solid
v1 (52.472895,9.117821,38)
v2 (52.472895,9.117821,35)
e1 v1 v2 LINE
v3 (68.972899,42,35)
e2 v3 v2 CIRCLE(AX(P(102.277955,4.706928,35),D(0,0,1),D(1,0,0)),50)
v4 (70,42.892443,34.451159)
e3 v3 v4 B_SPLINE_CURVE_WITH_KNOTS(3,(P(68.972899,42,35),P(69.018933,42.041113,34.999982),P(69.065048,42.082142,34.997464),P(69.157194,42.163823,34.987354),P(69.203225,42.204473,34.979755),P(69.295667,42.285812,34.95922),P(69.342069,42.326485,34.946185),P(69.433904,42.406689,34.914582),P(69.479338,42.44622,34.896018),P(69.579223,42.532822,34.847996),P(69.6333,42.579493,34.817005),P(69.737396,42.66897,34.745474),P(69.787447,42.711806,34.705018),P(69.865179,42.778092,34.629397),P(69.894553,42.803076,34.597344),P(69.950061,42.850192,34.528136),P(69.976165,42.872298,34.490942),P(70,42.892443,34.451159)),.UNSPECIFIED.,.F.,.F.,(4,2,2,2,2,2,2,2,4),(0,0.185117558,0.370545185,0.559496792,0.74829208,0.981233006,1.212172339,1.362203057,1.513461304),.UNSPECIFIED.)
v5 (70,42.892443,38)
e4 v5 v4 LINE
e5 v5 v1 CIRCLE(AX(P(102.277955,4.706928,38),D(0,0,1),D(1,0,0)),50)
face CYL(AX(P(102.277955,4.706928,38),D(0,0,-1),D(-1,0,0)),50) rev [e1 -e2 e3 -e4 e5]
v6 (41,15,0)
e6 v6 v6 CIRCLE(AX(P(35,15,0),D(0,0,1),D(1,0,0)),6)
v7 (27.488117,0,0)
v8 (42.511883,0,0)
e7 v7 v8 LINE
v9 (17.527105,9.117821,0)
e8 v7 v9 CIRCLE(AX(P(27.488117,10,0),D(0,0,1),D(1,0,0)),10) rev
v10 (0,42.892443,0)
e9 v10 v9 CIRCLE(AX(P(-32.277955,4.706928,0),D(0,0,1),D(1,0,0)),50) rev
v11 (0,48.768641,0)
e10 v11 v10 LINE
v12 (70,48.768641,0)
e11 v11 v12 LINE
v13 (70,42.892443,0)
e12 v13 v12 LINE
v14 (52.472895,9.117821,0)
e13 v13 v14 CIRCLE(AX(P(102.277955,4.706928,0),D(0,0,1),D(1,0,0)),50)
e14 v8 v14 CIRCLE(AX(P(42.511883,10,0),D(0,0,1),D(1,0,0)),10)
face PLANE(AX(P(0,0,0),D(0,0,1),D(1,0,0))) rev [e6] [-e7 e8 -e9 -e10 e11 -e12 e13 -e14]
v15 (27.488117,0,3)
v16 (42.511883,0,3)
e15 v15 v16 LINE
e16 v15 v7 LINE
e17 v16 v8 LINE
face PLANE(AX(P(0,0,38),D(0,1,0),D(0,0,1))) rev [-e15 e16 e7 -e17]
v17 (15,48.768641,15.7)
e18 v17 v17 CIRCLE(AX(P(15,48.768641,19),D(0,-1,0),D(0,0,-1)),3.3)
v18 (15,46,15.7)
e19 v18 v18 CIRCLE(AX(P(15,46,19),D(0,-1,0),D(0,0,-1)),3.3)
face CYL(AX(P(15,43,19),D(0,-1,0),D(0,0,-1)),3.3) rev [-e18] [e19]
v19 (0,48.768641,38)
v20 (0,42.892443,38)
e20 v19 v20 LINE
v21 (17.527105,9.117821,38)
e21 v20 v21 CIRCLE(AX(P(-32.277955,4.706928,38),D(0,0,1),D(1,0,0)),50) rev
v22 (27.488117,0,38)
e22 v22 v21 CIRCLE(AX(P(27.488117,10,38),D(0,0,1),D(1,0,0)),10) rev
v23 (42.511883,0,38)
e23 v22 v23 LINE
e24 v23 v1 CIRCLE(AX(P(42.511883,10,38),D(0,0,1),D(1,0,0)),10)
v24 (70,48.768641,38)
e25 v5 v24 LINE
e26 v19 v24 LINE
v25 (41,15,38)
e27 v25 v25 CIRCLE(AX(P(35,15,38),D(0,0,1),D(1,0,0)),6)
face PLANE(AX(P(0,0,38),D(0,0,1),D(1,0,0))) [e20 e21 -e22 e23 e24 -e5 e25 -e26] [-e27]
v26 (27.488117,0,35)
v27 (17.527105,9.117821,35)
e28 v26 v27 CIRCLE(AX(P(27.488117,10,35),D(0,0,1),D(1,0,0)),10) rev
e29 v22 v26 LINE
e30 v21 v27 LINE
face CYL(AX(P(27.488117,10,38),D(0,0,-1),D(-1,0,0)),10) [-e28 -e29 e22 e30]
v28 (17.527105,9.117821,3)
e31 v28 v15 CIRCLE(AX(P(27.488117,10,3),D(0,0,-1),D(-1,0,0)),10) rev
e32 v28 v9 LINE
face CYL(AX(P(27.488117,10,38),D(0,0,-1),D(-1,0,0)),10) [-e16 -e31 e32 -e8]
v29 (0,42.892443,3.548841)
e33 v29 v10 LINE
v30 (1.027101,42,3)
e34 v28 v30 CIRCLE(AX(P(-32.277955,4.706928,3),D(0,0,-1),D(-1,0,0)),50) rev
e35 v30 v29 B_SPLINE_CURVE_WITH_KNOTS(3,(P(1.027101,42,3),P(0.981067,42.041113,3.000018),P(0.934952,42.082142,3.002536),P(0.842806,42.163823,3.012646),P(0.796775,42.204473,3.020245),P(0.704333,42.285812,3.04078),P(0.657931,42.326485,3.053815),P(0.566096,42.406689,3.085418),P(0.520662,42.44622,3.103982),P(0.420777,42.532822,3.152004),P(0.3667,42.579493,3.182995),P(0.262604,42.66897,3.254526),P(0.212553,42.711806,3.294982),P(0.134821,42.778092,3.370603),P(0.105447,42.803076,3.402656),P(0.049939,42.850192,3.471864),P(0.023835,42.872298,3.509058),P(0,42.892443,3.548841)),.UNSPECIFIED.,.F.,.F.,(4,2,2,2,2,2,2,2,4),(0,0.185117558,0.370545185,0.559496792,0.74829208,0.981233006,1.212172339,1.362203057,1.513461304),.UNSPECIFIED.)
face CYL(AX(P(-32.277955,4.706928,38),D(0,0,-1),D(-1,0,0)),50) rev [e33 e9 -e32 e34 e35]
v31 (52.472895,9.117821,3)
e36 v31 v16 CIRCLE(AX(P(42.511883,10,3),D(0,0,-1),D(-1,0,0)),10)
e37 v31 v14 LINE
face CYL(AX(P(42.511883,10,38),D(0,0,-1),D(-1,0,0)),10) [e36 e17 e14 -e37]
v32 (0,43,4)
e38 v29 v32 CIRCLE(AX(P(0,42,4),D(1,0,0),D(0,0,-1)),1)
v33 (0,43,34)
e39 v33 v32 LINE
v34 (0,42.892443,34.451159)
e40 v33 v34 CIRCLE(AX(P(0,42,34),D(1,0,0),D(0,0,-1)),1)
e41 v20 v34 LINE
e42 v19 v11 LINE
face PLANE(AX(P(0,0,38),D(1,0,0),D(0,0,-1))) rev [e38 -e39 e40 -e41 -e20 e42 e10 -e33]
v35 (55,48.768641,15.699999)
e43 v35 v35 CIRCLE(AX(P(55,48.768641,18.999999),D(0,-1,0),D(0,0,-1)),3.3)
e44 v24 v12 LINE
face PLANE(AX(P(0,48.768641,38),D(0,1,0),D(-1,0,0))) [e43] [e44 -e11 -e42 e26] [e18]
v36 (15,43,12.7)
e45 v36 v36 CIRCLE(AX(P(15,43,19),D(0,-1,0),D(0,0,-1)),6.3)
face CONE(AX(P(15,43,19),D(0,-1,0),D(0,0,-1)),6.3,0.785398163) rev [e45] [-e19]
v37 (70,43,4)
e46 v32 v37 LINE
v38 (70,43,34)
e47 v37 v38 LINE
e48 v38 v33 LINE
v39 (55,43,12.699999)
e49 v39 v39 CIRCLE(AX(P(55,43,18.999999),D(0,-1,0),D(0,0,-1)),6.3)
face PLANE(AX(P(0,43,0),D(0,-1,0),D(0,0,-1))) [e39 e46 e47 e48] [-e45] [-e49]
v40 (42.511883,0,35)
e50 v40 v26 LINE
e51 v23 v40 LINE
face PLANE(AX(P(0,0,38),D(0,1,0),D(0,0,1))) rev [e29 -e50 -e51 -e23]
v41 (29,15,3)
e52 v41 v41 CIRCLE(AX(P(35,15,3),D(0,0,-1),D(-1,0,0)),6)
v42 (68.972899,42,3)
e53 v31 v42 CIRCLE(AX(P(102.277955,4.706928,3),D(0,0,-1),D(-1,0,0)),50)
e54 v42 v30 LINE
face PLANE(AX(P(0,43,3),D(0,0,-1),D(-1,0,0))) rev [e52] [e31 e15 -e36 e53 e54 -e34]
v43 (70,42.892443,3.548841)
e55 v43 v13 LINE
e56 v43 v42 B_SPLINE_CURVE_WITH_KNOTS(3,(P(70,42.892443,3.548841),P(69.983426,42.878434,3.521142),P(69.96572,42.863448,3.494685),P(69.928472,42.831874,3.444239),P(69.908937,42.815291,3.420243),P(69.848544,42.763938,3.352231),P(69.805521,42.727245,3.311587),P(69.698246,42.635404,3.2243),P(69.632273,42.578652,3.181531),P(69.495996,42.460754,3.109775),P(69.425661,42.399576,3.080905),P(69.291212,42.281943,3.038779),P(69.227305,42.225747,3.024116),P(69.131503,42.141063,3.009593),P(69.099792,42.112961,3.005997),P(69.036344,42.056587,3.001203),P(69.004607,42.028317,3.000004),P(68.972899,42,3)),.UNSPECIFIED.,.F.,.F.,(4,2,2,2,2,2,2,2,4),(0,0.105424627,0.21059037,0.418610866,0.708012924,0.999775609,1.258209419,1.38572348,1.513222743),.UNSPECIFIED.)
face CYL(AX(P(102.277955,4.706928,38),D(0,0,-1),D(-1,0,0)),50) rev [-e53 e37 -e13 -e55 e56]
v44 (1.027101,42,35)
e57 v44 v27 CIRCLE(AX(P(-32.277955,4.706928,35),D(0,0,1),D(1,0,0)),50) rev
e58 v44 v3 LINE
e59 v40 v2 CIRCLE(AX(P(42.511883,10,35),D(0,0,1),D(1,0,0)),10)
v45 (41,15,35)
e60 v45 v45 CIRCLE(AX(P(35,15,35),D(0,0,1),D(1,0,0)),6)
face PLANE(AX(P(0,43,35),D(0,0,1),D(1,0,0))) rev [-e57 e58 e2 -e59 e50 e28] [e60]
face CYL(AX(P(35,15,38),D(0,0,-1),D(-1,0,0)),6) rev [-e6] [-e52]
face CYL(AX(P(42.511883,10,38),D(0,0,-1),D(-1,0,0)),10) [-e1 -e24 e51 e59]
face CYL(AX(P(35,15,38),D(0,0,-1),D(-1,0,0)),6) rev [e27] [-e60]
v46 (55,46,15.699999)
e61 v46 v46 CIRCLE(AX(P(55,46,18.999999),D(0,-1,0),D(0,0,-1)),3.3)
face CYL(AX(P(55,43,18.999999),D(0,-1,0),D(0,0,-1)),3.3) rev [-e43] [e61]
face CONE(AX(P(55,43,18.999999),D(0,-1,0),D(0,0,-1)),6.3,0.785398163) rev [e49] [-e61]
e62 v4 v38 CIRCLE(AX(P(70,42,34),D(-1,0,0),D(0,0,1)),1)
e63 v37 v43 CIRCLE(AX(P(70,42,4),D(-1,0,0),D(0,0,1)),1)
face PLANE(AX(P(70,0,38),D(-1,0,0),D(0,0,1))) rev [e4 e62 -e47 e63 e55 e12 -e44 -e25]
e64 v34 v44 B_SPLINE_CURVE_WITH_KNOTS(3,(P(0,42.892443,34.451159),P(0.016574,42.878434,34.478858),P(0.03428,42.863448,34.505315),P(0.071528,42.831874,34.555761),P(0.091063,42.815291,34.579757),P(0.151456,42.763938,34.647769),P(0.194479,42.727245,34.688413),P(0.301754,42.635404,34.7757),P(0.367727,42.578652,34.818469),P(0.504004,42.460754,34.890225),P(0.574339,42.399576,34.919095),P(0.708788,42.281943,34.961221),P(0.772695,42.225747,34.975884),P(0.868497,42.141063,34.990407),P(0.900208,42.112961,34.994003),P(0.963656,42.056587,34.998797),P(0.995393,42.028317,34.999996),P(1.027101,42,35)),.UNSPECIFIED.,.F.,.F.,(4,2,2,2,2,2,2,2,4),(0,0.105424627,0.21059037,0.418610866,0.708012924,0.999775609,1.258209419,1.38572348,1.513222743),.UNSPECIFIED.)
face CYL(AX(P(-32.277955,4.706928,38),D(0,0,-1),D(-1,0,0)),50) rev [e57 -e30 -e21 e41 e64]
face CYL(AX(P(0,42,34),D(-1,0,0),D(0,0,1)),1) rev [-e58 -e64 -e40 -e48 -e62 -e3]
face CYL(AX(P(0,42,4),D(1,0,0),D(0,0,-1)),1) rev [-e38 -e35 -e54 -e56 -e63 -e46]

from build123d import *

# Parameters (mm, degrees)
SZKIC1_R                                 = 6
DODANIE_WYCI_GNI_CIE1_DEPTH              = 38
SZKIC2_W                                 = 70
SZKIC2_H                                 = 32
WYTNIJ_WYCI_GNI_CIE1_DEPTH               = 43
ZAOKR_GLENIE1_R                          = 1
POG_BIENIE_STO_KOWE_POD_M6_RUB_Z_2_COUNT = 2
POG_BIENIE_STO_KOWE_POD_M6_RUB_Z_2_PITCH = 40


with BuildPart() as part:
    # Szkic1 → Dodanie-wyciągnięcie1 (new body)
    with BuildSketch(Plane.XY):
        with BuildLine():
            Line((0, 48.768640881), (0, 42.89244343))
            ThreePointArc((0, 42.89244343), (12.102069866, 27.737632724), (17.527104902, 9.1178213))
            ThreePointArc((17.527104902, 9.1178213), (20.736146372, 2.623625993), (27.488116936, 0))
            Line((27.488116936, 0), (42.511883064, 0))
            ThreePointArc((42.511883064, 0), (49.263853628, 2.623625993), (52.472895098, 9.1178213))
            ThreePointArc((52.472895098, 9.1178213), (57.897930134, 27.737632724), (70, 42.89244343))
            Line((70, 42.89244343), (70, 48.768640881))
            Line((70, 48.768640881), (0, 48.768640881))
        make_face()
        with Locations((35, 15)):
            Circle(SZKIC1_R, mode=Mode.SUBTRACT)
    extrude(amount=DODANIE_WYCI_GNI_CIE1_DEPTH)

    # Szkic2 → Wytnij-wyciągnięcie1 (cut)
    with BuildSketch(Plane.XZ):
        with Locations((35, 19)):
            Rectangle(SZKIC2_W, SZKIC2_H)
    extrude(amount=-WYTNIJ_WYCI_GNI_CIE1_DEPTH, mode=Mode.SUBTRACT)

    # Zaokrąglenie1
    zaokr_glenie1_edges = [part.edges().sort_by_distance(p)[0] for p in [
        (35, 43, 35),
        (35, 43, 3),
    ]]
    fillet(zaokr_glenie1_edges, radius=ZAOKR_GLENIE1_R)

    # Szkic5 → Pogłębienie stożkowe pod M6 Śrubę z łbem soczewkowym1 (revolve, cut)
    with BuildSketch(Plane(origin=(15, 43, 19), x_dir=(0, 0, -1), z_dir=(1, 0, 0))):
        Polygon((0, 0), (0, 5.768640881), (3.3, 5.768640881), (3.3, 3), (6.3, 0), align=None)
    pog_bienie_sto_kowe_pod_m6_rub_z_bem = revolve(axis=Axis((15, 36.65, 19), (0, 1, 0)), mode=Mode.SUBTRACT)

    # Pog_bienie sto_kowe pod M6 _rub_ z _ 2: Pogłębienie stożkowe pod M6 Śrubę z łbem soczewkowym1 ×2
    with Locations(*[(i * POG_BIENIE_STO_KOWE_POD_M6_RUB_Z_2_PITCH, 0, 0) for i in range(1, POG_BIENIE_STO_KOWE_POD_M6_RUB_Z_2_COUNT)]):
        add(pog_bienie_sto_kowe_pod_m6_rub_z_bem, mode=Mode.SUBTRACT)


solid = part.part
